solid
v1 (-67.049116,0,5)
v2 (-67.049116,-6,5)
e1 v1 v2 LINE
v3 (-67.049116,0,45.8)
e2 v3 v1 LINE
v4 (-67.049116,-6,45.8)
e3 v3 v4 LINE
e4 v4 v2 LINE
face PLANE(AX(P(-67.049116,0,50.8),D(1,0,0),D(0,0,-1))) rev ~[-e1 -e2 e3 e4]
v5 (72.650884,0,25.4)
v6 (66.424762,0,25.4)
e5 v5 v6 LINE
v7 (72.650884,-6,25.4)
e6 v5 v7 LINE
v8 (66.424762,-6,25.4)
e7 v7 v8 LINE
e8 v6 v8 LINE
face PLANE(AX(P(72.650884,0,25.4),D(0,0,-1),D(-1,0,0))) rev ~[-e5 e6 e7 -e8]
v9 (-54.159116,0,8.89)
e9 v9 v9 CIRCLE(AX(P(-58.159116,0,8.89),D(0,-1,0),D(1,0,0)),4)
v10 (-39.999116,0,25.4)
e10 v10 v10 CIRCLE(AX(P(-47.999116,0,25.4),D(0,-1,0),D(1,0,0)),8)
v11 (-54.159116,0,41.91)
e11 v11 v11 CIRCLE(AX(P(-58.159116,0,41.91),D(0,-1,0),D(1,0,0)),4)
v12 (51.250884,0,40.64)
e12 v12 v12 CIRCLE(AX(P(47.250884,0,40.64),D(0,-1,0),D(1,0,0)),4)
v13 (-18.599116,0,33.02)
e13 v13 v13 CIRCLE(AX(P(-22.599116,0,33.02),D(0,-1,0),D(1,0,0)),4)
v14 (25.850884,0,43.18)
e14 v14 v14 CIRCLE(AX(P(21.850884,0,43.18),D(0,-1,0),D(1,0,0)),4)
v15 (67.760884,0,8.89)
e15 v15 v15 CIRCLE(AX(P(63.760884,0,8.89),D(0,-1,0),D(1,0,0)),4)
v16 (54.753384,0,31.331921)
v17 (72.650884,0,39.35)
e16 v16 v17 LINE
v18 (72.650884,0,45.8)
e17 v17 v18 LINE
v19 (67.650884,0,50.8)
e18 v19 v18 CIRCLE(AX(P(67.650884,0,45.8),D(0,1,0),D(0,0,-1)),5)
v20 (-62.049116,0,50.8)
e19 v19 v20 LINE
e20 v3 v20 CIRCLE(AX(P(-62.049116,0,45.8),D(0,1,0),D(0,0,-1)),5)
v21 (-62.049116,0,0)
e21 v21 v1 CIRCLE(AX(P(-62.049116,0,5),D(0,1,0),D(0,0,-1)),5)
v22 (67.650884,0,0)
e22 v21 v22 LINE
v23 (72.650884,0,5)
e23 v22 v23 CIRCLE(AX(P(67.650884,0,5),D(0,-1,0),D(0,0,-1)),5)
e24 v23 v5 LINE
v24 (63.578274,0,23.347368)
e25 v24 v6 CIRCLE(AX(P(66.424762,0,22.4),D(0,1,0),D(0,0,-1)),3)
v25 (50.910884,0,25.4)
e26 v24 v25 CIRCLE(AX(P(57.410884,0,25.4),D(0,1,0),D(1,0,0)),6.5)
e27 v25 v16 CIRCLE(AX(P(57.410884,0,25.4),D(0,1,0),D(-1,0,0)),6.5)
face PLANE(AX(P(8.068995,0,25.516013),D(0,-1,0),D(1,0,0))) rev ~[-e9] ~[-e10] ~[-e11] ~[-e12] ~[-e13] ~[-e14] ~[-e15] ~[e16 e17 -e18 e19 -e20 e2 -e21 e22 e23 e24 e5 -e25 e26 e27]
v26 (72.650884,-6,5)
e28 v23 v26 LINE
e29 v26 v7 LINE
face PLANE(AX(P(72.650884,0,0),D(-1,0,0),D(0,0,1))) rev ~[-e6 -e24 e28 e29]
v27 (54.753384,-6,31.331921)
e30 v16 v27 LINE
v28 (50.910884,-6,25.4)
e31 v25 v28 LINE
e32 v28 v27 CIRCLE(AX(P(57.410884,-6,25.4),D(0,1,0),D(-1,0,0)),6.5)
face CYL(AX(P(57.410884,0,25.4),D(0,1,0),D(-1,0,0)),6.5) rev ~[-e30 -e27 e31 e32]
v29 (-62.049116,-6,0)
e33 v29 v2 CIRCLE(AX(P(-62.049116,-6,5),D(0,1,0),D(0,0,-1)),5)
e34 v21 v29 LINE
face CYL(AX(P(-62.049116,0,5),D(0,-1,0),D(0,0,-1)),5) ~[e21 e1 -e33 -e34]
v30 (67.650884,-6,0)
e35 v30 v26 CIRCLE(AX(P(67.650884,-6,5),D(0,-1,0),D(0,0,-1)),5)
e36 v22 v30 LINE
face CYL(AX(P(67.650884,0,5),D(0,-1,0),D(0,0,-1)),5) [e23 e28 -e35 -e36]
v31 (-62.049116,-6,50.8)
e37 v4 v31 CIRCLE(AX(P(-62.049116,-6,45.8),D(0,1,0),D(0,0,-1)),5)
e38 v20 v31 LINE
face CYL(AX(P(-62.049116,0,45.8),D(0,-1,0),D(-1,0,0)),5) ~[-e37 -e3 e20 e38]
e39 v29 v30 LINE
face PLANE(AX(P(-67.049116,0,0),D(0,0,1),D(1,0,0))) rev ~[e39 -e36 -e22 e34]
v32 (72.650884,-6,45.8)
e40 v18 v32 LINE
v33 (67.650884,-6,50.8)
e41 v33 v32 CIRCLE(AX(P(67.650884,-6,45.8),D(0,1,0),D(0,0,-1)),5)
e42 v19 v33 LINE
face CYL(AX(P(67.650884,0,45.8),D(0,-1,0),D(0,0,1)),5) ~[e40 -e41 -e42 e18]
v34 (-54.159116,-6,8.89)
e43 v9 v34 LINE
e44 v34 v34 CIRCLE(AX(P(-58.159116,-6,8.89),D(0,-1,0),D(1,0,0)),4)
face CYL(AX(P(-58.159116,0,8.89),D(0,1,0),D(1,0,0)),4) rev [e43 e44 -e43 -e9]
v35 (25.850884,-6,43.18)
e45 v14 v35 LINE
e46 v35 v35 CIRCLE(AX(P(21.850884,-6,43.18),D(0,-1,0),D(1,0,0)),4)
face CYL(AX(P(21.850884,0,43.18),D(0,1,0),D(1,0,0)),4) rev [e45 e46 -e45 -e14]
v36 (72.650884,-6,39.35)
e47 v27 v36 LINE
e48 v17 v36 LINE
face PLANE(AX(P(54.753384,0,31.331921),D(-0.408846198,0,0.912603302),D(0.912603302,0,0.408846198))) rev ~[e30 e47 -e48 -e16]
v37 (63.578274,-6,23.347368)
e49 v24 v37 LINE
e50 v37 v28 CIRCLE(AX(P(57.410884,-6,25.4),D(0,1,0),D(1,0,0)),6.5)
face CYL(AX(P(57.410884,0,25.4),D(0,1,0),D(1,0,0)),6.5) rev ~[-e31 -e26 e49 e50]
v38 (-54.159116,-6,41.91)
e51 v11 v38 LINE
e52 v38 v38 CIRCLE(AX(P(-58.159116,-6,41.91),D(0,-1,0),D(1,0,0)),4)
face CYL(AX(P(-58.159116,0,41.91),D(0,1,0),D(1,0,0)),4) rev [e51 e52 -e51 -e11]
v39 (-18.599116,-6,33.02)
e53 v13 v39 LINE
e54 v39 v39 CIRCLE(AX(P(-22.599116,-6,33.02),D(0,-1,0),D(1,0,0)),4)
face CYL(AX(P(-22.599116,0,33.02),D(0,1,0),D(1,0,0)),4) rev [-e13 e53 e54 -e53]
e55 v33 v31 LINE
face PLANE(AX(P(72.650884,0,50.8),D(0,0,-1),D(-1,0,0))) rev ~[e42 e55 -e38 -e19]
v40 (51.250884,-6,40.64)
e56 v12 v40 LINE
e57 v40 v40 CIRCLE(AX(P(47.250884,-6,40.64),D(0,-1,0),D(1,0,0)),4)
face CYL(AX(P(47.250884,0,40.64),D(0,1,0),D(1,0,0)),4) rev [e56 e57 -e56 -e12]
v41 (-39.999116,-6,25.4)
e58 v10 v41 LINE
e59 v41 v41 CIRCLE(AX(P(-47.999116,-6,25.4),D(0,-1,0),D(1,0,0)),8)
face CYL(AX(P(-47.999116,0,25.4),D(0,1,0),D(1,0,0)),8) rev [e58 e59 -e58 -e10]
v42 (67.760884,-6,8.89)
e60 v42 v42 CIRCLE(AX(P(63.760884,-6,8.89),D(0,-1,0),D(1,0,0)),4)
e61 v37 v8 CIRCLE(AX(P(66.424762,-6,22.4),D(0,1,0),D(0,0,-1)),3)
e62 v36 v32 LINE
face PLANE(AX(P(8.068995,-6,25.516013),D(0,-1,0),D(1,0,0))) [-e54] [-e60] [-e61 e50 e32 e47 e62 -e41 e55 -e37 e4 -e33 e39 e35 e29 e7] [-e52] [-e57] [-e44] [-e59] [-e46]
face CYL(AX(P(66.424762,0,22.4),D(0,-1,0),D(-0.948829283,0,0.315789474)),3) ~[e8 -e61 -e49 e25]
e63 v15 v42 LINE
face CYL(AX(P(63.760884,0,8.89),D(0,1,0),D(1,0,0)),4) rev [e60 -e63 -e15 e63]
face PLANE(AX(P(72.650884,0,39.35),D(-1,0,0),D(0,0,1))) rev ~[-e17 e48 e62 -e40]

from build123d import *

# Parameters (mm, degrees)
F0_R     = 4
F0_R_2   = 8
F1_DEPTH = 6
F2_R     = 5
F3_R     = 5
F4_R     = 3


with BuildPart() as f1:
    # F0 (on Front) → F1 (new body)
    with BuildSketch(Plane.XZ):
        with BuildLine():
            Line((-67.0491158962, 8.89), (-67.0491158962, 0))
            Line((-67.0491158962, 0), (72.6508841038, 0))
            Line((72.6508841038, 0), (72.6508841038, 25.4))
            Line((72.6508841038, 25.4), (63.9108841038, 25.4))
            ThreePointArc((63.9108841038, 25.4), (57.4108841038, 18.9), (50.9108841038, 25.4))
            ThreePointArc((50.9108841038, 25.4), (51.9554394899, 28.933853996), (54.7533838162, 31.3319214612))
            Line((54.7533838162, 31.3319214612), (72.6508841038, 39.35))
            Line((72.6508841038, 39.35), (72.6508841038, 50.8))
            Line((72.6508841038, 50.8), (47.2508841038, 50.8))
            Line((47.2508841038, 50.8), (21.8508841038, 50.8))
            Line((21.8508841038, 50.8), (-22.5991158962, 50.8))
            Line((-22.5991158962, 50.8), (-67.0491158962, 50.8))
            Line((-67.0491158962, 50.8), (-67.0491158962, 41.91))
            Line((-67.0491158962, 41.91), (-67.0491158962, 8.89))
        make_face()
        with Locations((-58.1591158962, 8.89)):
            Circle(F0_R, mode=Mode.SUBTRACT)
        with Locations((-47.9991158962, 25.4)):
            Circle(F0_R_2, mode=Mode.SUBTRACT)
        with Locations((63.7608841038, 8.89)):
            Circle(F0_R, mode=Mode.SUBTRACT)
        with Locations((-22.5991158962, 33.02)):
            Circle(F0_R, mode=Mode.SUBTRACT)
        with Locations((-58.1591158962, 41.91)):
            Circle(F0_R, mode=Mode.SUBTRACT)
        with Locations((21.8508841038, 43.18)):
            Circle(F0_R, mode=Mode.SUBTRACT)
        with Locations((47.2508841038, 40.64)):
            Circle(F0_R, mode=Mode.SUBTRACT)
    extrude(amount=F1_DEPTH)

    # F2
    f2_edges = [f1.edges().sort_by_distance(p)[0] for p in [
        (-67.049116, -3, 50.8),
        (-67.049116, -3, 0),
        (72.650884, -3, 0),
    ]]
    fillet(f2_edges, radius=F2_R)

    # F3
    f3_edges = [f1.edges().sort_by_distance(p)[0] for p in [
        (72.650884, -3, 50.8),
    ]]
    fillet(f3_edges, radius=F3_R)

    # F4
    f4_edges = [f1.edges().sort_by_distance(p)[0] for p in [
        (63.910884, -3, 25.4),
    ]]
    fillet(f4_edges, radius=F4_R)


solid = f1.part
